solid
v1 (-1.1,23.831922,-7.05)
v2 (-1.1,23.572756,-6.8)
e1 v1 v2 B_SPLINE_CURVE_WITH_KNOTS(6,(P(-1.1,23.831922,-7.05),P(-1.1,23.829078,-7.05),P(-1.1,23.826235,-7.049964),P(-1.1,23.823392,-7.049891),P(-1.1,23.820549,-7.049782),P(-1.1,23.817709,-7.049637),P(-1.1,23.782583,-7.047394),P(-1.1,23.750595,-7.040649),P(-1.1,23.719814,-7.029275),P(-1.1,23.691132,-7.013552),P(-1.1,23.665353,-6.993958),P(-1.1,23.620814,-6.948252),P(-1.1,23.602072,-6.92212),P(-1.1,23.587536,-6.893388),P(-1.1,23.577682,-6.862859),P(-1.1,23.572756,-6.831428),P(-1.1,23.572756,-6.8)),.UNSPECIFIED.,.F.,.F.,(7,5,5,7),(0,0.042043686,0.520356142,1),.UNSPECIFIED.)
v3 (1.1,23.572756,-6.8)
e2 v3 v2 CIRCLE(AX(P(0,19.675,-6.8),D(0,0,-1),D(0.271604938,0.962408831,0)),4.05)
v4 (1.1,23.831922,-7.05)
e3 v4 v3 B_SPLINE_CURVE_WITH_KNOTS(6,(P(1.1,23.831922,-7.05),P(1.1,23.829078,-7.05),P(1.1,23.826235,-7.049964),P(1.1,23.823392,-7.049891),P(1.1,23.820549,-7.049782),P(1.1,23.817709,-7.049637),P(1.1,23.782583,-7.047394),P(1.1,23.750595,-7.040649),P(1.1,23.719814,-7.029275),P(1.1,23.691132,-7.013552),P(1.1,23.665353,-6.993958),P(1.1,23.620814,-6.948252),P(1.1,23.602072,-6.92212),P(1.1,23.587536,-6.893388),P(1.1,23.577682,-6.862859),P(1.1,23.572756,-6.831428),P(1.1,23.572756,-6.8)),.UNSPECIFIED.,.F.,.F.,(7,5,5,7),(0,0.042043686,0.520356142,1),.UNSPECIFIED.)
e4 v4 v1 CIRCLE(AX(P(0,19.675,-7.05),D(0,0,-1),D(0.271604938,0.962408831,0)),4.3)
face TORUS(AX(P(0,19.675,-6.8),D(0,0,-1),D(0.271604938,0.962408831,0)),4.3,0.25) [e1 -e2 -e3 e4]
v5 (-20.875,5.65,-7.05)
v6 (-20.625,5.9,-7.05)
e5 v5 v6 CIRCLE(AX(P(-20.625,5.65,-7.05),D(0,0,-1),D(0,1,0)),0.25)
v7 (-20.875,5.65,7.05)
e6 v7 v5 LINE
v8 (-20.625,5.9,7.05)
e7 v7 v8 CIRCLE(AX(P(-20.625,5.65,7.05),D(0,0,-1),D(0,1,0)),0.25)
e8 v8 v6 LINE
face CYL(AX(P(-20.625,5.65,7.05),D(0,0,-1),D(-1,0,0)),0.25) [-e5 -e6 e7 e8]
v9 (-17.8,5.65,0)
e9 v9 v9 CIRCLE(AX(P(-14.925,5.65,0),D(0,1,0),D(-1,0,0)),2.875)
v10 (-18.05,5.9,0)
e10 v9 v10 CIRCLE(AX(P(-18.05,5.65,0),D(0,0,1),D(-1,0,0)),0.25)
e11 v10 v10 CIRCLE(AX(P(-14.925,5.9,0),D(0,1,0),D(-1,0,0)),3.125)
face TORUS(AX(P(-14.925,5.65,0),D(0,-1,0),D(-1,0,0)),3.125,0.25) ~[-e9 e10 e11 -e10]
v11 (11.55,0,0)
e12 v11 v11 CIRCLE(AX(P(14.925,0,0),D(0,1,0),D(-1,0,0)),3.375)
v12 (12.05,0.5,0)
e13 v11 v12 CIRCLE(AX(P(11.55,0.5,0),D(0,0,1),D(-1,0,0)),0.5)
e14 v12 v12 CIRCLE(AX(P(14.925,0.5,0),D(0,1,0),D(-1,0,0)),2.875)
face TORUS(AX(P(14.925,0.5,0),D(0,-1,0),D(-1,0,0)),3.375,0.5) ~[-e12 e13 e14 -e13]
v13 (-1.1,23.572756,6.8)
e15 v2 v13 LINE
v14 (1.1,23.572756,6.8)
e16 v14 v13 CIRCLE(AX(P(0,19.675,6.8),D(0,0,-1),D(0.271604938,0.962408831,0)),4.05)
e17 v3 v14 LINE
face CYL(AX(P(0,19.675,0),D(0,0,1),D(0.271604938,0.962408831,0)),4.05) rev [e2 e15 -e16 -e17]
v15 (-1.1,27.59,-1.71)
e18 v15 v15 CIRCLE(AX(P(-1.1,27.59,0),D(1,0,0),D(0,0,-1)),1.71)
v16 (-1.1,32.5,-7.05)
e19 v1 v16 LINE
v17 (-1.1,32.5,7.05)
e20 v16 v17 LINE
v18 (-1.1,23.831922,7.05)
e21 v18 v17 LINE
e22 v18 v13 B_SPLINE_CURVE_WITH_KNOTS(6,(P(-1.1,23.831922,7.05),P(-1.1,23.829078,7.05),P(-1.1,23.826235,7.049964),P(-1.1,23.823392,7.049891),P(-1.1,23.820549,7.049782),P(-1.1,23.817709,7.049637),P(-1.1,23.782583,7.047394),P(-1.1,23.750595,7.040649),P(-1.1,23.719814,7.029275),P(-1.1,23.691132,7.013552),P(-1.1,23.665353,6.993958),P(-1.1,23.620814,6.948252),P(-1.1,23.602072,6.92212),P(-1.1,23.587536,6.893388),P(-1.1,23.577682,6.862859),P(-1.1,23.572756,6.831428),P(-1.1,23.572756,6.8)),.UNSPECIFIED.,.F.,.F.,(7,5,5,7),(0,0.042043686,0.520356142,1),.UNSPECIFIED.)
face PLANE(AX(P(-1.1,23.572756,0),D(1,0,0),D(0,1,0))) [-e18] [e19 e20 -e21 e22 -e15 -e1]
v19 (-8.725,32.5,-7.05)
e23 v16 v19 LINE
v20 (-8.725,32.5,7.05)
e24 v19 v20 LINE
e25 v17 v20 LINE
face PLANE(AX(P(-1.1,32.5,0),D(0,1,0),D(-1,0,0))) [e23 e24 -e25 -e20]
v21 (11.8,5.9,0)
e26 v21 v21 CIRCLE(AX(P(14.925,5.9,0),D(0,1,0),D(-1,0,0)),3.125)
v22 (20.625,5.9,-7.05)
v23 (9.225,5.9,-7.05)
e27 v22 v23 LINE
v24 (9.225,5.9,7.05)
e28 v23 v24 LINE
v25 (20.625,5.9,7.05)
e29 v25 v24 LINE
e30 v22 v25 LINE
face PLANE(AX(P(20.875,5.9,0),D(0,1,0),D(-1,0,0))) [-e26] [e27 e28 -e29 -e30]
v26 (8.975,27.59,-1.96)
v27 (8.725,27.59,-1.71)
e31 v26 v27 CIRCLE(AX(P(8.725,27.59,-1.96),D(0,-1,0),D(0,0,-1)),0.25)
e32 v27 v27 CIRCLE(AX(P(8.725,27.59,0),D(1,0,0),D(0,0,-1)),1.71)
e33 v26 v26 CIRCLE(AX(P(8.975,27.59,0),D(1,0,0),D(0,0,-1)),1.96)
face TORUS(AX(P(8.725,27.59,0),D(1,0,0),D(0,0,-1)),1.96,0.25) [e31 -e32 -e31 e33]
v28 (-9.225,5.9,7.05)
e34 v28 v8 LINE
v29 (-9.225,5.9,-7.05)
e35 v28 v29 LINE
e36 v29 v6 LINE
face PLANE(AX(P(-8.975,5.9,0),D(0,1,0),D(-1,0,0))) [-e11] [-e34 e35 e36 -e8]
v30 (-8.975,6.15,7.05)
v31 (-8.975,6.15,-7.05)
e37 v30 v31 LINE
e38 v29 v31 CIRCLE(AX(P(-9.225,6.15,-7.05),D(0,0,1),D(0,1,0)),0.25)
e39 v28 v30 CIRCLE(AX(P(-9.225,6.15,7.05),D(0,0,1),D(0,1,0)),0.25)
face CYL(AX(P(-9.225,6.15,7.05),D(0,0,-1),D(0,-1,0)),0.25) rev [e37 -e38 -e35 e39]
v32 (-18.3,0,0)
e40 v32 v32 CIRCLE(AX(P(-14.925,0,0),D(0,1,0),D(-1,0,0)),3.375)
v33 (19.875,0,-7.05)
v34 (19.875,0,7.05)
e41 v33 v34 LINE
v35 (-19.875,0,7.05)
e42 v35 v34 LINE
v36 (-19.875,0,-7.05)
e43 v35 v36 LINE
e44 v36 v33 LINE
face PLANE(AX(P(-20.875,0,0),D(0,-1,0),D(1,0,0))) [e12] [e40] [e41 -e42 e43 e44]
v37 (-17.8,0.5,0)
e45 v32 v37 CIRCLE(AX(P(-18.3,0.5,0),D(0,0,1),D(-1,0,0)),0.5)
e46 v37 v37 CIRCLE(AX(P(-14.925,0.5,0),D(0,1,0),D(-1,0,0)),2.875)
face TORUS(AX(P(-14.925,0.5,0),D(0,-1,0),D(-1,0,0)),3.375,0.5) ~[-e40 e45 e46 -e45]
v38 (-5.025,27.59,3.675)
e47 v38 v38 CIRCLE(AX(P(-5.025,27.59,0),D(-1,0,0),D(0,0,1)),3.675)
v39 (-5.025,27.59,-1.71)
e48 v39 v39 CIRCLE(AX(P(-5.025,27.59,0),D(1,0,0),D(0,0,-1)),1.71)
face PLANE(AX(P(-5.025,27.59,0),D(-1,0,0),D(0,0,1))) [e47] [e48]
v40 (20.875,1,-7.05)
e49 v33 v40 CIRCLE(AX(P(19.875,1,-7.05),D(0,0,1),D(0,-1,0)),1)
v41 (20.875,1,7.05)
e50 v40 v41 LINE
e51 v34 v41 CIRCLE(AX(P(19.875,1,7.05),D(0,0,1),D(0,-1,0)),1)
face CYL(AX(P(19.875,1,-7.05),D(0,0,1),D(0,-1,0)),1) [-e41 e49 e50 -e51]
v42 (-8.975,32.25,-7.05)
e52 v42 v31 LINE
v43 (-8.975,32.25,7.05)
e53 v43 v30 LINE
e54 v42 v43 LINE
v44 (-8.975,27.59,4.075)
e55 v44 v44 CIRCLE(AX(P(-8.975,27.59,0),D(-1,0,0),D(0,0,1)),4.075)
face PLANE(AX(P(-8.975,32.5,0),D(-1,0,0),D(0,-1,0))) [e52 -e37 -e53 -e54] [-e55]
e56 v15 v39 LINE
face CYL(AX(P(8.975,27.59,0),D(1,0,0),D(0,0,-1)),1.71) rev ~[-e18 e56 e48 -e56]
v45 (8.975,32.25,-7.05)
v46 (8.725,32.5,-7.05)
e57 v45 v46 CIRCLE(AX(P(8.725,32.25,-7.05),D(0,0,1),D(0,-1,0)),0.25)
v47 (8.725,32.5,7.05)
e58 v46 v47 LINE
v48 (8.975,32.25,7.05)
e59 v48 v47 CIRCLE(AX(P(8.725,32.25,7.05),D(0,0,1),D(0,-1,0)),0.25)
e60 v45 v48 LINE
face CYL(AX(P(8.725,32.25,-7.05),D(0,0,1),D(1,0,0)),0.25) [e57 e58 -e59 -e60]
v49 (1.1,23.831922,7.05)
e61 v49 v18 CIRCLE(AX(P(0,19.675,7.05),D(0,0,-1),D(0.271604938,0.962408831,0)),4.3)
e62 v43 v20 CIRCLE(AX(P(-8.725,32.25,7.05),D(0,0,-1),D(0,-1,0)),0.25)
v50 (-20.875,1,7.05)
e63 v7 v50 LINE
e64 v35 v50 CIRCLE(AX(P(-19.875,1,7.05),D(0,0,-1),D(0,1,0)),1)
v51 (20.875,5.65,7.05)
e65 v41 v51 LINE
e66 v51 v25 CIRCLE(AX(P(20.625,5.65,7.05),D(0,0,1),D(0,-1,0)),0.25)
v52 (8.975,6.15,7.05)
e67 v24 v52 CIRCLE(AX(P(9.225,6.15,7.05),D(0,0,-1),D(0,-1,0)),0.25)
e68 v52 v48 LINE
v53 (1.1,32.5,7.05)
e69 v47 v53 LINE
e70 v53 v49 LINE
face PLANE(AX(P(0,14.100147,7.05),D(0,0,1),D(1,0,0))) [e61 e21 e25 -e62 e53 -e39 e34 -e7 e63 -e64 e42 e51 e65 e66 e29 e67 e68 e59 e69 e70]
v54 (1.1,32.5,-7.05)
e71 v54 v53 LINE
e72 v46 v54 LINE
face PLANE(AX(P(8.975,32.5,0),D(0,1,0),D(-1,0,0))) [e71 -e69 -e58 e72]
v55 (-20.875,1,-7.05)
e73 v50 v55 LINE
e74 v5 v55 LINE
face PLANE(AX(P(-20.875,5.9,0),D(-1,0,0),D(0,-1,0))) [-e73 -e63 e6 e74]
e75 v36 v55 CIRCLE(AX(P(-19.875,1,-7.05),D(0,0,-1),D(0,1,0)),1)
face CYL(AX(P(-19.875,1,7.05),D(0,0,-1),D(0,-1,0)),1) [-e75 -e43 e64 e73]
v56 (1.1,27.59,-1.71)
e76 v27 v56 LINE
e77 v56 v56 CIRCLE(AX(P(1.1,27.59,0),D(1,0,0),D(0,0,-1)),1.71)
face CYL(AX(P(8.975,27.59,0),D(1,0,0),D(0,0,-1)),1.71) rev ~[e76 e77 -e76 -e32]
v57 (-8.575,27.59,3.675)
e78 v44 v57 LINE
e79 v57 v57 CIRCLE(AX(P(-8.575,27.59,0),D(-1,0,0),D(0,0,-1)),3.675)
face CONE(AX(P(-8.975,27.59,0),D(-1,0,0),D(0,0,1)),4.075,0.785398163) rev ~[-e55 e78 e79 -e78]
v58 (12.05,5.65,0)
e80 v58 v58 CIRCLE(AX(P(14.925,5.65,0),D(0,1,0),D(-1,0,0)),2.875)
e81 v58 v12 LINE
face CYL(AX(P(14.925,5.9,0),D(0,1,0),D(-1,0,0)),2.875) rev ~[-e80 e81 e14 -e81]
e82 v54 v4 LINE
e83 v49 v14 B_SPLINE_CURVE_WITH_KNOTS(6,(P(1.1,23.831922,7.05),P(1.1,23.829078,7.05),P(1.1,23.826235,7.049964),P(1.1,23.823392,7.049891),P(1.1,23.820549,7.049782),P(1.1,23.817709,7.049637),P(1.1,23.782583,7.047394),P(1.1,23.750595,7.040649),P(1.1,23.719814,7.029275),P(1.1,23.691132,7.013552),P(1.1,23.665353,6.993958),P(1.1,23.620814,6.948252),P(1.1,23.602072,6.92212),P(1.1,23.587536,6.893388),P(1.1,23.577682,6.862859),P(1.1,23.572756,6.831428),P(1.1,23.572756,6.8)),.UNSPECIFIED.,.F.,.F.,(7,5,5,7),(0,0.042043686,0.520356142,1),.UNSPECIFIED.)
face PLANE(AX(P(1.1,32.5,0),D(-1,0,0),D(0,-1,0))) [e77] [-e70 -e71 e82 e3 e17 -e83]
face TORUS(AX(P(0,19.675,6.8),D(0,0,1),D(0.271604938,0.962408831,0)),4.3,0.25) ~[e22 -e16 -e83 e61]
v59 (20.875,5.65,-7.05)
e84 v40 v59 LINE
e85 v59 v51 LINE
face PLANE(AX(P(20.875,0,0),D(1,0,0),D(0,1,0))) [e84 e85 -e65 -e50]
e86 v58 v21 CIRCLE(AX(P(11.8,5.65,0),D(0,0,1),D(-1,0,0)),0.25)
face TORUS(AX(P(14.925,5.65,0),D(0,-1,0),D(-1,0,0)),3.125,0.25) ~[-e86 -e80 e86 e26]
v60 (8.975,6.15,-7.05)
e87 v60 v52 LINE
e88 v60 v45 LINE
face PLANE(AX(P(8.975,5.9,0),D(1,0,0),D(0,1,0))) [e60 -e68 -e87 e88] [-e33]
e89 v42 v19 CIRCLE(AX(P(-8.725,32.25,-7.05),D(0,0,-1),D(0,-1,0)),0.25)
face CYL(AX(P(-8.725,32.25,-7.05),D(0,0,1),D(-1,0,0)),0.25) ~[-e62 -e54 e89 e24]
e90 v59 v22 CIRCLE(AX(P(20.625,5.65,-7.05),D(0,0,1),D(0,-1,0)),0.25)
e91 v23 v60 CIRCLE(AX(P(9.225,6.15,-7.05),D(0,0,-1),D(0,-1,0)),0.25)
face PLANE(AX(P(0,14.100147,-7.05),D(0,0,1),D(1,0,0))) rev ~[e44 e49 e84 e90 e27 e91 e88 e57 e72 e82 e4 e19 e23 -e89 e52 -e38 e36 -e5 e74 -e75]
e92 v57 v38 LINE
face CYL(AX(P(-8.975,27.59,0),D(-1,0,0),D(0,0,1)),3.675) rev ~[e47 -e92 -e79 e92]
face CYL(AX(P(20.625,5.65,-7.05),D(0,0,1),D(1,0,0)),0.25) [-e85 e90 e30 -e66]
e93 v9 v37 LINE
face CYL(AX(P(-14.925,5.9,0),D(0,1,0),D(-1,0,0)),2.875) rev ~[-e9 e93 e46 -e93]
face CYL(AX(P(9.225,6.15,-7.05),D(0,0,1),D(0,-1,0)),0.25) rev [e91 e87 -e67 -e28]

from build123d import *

# Parameters (mm, degrees)
BOSS_EXTRUDE1_DEPTH        = 7.05
MOUNTING_HOLES_REACH       = 36.54
SKETCH2_R                  = 2.875
SKETCH3_R                  = 1.71
BOLT_HOLE_DEPTH            = 45.687526224
SKETCH4_R                  = 3.675
BOLT_HEAD_DEPTH            = 3.95
HOLES_R                    = 0.25
SKETCH5_R                  = 4.075
BOLT_HEAD_INT_FILLET_DEPTH = 0.5
BOLT_HEAD_INT_FILLET_DRAFT = -45
BOTTOM_MOUNTING_R          = 0.5
BOTTOM_CORNERS_R           = 1
CORNERS_R                  = 0.25


with BuildPart() as part:
    # Sketch1 → Boss-Extrude1 (new, symmetric)
    with BuildSketch(Plane.XY):
        with BuildLine():
            Line((-20.875, 0), (20.875, 0))
            Line((20.875, 0), (20.875, 5.9))
            Line((20.875, 5.9), (8.975, 5.9))
            Line((8.975, 5.9), (8.975, 32.5))
            Line((8.975, 32.5), (1.1, 32.5))
            Line((1.1, 32.5), (1.1, 23.572755765))
            ThreePointArc((1.1, 23.572755765), (0, 15.625), (-1.1, 23.572755765))
            Line((-1.1, 23.572755765), (-1.1, 32.5))
            Line((-1.1, 32.5), (-8.975, 32.5))
            Line((-8.975, 32.5), (-8.975, 5.9))
            Line((-8.975, 5.9), (-20.875, 5.9))
            Line((-20.875, 5.9), (-20.875, 0))
        make_face()
    extrude(amount=BOSS_EXTRUDE1_DEPTH, both=True)

    # Sketch2 → Mounting Holes (cut, up to next)
    with BuildSketch(Plane(origin=(0, 5.9, 0), x_dir=(1, 0, 0), z_dir=(0, 1, 0)), mode=Mode.PRIVATE) as mounting_holes_sk1:
        with Locations(Location((14.925, 0, 0), (0, 0, 180))):
            Circle(SKETCH2_R)
    mounting_holes_tool1 = extrude(mounting_holes_sk1.sketch, amount=-MOUNTING_HOLES_REACH, mode=Mode.PRIVATE) & part.part
    # Sketch2 → Mounting Holes (cut, up to next)
    with BuildSketch(Plane(origin=(0, 5.9, 0), x_dir=(1, 0, 0), z_dir=(0, 1, 0)), mode=Mode.PRIVATE) as mounting_holes_sk2:
        with Locations(Location((-14.925, 0, 0), (0, 0, 180))):
            Circle(SKETCH2_R)
    mounting_holes_tool2 = extrude(mounting_holes_sk2.sketch, amount=-MOUNTING_HOLES_REACH, mode=Mode.PRIVATE) & part.part
    add(mounting_holes_tool1.solids().sort_by_distance((14.925, 5.9, 0))[0], mode=Mode.SUBTRACT)
    add(mounting_holes_tool2.solids().sort_by_distance((-14.925, 5.9, 0))[0], mode=Mode.SUBTRACT)

    # Sketch3 → Bolt Hole (cut, through all)
    with BuildSketch(Plane(origin=(8.975, 0, 0), x_dir=(0, 0, -1), z_dir=(1, 0, 0))):
        with Locations((0, 27.59)):
            Circle(SKETCH3_R)
    extrude(amount=-BOLT_HOLE_DEPTH, mode=Mode.SUBTRACT)

    # Sketch4 → Bolt Head (cut)
    with BuildSketch(Plane.ZY.offset(8.975)):
        with Locations((0, 27.59)):
            Circle(SKETCH4_R)
    extrude(amount=-BOLT_HEAD_DEPTH, mode=Mode.SUBTRACT)

    # Holes
    holes_edges = [part.edges().sort_by_distance(p)[0] for p in [
        (0, 15.625, -7.05),
        (0, 15.625, 7.05),
        (17.8, 5.9, 0),
        (-12.05, 5.9, 0),
        (8.975, 27.59, 1.71),
    ]]
    fillet(holes_edges, radius=HOLES_R)


with BuildPart() as bolt_head_int_fillet_tool:
    # Sketch5 → Bolt Head Int Fillet (with draft: the straight prism first)
    with BuildSketch(Plane.ZY.offset(8.975)):
        with Locations((0, 27.59)):
            Circle(SKETCH5_R)
    extrude(amount=-BOLT_HEAD_INT_FILLET_DEPTH)
    # Bolt Head Int Fillet: the draft: its side faces are tilted about the plane it starts from
    bolt_head_int_fillet_sides = [bolt_head_int_fillet_tool.faces().sort_by_distance(p)[0] for p in [
        (-8.725, 27.59, -4.075),
    ]]
    draft(bolt_head_int_fillet_sides, Plane.ZY.offset(8.975), BOLT_HEAD_INT_FILLET_DRAFT)


with BuildPart() as part_1:
    add(part.part)

    # Bolt Head Int Fillet: cut by bolt_head_int_fillet_tool
    add(bolt_head_int_fillet_tool.part, mode=Mode.SUBTRACT)

    # Bottom Mounting
    bottom_mounting_edges = [part_1.edges().sort_by_distance(p)[0] for p in [
        (17.8, 0, 0),
        (-12.05, 0, 0),
    ]]
    fillet(bottom_mounting_edges, radius=BOTTOM_MOUNTING_R)

    # Bottom Corners
    bottom_corners_edges = [part_1.edges().sort_by_distance(p)[0] for p in [
        (20.875, 0, 0),
        (-20.875, 0, 0),
    ]]
    fillet(bottom_corners_edges, radius=BOTTOM_CORNERS_R)

    # Corners
    corners_edges = [part_1.edges().sort_by_distance(p)[0] for p in [
        (-20.875, 5.9, 0),
        (-8.975, 5.9, 0),
        (-8.975, 32.5, 0),
        (8.975, 32.5, 0),
        (8.975, 5.9, 0),
        (20.875, 5.9, 0),
    ]]
    fillet(corners_edges, radius=CORNERS_R)


solid = part_1.part
